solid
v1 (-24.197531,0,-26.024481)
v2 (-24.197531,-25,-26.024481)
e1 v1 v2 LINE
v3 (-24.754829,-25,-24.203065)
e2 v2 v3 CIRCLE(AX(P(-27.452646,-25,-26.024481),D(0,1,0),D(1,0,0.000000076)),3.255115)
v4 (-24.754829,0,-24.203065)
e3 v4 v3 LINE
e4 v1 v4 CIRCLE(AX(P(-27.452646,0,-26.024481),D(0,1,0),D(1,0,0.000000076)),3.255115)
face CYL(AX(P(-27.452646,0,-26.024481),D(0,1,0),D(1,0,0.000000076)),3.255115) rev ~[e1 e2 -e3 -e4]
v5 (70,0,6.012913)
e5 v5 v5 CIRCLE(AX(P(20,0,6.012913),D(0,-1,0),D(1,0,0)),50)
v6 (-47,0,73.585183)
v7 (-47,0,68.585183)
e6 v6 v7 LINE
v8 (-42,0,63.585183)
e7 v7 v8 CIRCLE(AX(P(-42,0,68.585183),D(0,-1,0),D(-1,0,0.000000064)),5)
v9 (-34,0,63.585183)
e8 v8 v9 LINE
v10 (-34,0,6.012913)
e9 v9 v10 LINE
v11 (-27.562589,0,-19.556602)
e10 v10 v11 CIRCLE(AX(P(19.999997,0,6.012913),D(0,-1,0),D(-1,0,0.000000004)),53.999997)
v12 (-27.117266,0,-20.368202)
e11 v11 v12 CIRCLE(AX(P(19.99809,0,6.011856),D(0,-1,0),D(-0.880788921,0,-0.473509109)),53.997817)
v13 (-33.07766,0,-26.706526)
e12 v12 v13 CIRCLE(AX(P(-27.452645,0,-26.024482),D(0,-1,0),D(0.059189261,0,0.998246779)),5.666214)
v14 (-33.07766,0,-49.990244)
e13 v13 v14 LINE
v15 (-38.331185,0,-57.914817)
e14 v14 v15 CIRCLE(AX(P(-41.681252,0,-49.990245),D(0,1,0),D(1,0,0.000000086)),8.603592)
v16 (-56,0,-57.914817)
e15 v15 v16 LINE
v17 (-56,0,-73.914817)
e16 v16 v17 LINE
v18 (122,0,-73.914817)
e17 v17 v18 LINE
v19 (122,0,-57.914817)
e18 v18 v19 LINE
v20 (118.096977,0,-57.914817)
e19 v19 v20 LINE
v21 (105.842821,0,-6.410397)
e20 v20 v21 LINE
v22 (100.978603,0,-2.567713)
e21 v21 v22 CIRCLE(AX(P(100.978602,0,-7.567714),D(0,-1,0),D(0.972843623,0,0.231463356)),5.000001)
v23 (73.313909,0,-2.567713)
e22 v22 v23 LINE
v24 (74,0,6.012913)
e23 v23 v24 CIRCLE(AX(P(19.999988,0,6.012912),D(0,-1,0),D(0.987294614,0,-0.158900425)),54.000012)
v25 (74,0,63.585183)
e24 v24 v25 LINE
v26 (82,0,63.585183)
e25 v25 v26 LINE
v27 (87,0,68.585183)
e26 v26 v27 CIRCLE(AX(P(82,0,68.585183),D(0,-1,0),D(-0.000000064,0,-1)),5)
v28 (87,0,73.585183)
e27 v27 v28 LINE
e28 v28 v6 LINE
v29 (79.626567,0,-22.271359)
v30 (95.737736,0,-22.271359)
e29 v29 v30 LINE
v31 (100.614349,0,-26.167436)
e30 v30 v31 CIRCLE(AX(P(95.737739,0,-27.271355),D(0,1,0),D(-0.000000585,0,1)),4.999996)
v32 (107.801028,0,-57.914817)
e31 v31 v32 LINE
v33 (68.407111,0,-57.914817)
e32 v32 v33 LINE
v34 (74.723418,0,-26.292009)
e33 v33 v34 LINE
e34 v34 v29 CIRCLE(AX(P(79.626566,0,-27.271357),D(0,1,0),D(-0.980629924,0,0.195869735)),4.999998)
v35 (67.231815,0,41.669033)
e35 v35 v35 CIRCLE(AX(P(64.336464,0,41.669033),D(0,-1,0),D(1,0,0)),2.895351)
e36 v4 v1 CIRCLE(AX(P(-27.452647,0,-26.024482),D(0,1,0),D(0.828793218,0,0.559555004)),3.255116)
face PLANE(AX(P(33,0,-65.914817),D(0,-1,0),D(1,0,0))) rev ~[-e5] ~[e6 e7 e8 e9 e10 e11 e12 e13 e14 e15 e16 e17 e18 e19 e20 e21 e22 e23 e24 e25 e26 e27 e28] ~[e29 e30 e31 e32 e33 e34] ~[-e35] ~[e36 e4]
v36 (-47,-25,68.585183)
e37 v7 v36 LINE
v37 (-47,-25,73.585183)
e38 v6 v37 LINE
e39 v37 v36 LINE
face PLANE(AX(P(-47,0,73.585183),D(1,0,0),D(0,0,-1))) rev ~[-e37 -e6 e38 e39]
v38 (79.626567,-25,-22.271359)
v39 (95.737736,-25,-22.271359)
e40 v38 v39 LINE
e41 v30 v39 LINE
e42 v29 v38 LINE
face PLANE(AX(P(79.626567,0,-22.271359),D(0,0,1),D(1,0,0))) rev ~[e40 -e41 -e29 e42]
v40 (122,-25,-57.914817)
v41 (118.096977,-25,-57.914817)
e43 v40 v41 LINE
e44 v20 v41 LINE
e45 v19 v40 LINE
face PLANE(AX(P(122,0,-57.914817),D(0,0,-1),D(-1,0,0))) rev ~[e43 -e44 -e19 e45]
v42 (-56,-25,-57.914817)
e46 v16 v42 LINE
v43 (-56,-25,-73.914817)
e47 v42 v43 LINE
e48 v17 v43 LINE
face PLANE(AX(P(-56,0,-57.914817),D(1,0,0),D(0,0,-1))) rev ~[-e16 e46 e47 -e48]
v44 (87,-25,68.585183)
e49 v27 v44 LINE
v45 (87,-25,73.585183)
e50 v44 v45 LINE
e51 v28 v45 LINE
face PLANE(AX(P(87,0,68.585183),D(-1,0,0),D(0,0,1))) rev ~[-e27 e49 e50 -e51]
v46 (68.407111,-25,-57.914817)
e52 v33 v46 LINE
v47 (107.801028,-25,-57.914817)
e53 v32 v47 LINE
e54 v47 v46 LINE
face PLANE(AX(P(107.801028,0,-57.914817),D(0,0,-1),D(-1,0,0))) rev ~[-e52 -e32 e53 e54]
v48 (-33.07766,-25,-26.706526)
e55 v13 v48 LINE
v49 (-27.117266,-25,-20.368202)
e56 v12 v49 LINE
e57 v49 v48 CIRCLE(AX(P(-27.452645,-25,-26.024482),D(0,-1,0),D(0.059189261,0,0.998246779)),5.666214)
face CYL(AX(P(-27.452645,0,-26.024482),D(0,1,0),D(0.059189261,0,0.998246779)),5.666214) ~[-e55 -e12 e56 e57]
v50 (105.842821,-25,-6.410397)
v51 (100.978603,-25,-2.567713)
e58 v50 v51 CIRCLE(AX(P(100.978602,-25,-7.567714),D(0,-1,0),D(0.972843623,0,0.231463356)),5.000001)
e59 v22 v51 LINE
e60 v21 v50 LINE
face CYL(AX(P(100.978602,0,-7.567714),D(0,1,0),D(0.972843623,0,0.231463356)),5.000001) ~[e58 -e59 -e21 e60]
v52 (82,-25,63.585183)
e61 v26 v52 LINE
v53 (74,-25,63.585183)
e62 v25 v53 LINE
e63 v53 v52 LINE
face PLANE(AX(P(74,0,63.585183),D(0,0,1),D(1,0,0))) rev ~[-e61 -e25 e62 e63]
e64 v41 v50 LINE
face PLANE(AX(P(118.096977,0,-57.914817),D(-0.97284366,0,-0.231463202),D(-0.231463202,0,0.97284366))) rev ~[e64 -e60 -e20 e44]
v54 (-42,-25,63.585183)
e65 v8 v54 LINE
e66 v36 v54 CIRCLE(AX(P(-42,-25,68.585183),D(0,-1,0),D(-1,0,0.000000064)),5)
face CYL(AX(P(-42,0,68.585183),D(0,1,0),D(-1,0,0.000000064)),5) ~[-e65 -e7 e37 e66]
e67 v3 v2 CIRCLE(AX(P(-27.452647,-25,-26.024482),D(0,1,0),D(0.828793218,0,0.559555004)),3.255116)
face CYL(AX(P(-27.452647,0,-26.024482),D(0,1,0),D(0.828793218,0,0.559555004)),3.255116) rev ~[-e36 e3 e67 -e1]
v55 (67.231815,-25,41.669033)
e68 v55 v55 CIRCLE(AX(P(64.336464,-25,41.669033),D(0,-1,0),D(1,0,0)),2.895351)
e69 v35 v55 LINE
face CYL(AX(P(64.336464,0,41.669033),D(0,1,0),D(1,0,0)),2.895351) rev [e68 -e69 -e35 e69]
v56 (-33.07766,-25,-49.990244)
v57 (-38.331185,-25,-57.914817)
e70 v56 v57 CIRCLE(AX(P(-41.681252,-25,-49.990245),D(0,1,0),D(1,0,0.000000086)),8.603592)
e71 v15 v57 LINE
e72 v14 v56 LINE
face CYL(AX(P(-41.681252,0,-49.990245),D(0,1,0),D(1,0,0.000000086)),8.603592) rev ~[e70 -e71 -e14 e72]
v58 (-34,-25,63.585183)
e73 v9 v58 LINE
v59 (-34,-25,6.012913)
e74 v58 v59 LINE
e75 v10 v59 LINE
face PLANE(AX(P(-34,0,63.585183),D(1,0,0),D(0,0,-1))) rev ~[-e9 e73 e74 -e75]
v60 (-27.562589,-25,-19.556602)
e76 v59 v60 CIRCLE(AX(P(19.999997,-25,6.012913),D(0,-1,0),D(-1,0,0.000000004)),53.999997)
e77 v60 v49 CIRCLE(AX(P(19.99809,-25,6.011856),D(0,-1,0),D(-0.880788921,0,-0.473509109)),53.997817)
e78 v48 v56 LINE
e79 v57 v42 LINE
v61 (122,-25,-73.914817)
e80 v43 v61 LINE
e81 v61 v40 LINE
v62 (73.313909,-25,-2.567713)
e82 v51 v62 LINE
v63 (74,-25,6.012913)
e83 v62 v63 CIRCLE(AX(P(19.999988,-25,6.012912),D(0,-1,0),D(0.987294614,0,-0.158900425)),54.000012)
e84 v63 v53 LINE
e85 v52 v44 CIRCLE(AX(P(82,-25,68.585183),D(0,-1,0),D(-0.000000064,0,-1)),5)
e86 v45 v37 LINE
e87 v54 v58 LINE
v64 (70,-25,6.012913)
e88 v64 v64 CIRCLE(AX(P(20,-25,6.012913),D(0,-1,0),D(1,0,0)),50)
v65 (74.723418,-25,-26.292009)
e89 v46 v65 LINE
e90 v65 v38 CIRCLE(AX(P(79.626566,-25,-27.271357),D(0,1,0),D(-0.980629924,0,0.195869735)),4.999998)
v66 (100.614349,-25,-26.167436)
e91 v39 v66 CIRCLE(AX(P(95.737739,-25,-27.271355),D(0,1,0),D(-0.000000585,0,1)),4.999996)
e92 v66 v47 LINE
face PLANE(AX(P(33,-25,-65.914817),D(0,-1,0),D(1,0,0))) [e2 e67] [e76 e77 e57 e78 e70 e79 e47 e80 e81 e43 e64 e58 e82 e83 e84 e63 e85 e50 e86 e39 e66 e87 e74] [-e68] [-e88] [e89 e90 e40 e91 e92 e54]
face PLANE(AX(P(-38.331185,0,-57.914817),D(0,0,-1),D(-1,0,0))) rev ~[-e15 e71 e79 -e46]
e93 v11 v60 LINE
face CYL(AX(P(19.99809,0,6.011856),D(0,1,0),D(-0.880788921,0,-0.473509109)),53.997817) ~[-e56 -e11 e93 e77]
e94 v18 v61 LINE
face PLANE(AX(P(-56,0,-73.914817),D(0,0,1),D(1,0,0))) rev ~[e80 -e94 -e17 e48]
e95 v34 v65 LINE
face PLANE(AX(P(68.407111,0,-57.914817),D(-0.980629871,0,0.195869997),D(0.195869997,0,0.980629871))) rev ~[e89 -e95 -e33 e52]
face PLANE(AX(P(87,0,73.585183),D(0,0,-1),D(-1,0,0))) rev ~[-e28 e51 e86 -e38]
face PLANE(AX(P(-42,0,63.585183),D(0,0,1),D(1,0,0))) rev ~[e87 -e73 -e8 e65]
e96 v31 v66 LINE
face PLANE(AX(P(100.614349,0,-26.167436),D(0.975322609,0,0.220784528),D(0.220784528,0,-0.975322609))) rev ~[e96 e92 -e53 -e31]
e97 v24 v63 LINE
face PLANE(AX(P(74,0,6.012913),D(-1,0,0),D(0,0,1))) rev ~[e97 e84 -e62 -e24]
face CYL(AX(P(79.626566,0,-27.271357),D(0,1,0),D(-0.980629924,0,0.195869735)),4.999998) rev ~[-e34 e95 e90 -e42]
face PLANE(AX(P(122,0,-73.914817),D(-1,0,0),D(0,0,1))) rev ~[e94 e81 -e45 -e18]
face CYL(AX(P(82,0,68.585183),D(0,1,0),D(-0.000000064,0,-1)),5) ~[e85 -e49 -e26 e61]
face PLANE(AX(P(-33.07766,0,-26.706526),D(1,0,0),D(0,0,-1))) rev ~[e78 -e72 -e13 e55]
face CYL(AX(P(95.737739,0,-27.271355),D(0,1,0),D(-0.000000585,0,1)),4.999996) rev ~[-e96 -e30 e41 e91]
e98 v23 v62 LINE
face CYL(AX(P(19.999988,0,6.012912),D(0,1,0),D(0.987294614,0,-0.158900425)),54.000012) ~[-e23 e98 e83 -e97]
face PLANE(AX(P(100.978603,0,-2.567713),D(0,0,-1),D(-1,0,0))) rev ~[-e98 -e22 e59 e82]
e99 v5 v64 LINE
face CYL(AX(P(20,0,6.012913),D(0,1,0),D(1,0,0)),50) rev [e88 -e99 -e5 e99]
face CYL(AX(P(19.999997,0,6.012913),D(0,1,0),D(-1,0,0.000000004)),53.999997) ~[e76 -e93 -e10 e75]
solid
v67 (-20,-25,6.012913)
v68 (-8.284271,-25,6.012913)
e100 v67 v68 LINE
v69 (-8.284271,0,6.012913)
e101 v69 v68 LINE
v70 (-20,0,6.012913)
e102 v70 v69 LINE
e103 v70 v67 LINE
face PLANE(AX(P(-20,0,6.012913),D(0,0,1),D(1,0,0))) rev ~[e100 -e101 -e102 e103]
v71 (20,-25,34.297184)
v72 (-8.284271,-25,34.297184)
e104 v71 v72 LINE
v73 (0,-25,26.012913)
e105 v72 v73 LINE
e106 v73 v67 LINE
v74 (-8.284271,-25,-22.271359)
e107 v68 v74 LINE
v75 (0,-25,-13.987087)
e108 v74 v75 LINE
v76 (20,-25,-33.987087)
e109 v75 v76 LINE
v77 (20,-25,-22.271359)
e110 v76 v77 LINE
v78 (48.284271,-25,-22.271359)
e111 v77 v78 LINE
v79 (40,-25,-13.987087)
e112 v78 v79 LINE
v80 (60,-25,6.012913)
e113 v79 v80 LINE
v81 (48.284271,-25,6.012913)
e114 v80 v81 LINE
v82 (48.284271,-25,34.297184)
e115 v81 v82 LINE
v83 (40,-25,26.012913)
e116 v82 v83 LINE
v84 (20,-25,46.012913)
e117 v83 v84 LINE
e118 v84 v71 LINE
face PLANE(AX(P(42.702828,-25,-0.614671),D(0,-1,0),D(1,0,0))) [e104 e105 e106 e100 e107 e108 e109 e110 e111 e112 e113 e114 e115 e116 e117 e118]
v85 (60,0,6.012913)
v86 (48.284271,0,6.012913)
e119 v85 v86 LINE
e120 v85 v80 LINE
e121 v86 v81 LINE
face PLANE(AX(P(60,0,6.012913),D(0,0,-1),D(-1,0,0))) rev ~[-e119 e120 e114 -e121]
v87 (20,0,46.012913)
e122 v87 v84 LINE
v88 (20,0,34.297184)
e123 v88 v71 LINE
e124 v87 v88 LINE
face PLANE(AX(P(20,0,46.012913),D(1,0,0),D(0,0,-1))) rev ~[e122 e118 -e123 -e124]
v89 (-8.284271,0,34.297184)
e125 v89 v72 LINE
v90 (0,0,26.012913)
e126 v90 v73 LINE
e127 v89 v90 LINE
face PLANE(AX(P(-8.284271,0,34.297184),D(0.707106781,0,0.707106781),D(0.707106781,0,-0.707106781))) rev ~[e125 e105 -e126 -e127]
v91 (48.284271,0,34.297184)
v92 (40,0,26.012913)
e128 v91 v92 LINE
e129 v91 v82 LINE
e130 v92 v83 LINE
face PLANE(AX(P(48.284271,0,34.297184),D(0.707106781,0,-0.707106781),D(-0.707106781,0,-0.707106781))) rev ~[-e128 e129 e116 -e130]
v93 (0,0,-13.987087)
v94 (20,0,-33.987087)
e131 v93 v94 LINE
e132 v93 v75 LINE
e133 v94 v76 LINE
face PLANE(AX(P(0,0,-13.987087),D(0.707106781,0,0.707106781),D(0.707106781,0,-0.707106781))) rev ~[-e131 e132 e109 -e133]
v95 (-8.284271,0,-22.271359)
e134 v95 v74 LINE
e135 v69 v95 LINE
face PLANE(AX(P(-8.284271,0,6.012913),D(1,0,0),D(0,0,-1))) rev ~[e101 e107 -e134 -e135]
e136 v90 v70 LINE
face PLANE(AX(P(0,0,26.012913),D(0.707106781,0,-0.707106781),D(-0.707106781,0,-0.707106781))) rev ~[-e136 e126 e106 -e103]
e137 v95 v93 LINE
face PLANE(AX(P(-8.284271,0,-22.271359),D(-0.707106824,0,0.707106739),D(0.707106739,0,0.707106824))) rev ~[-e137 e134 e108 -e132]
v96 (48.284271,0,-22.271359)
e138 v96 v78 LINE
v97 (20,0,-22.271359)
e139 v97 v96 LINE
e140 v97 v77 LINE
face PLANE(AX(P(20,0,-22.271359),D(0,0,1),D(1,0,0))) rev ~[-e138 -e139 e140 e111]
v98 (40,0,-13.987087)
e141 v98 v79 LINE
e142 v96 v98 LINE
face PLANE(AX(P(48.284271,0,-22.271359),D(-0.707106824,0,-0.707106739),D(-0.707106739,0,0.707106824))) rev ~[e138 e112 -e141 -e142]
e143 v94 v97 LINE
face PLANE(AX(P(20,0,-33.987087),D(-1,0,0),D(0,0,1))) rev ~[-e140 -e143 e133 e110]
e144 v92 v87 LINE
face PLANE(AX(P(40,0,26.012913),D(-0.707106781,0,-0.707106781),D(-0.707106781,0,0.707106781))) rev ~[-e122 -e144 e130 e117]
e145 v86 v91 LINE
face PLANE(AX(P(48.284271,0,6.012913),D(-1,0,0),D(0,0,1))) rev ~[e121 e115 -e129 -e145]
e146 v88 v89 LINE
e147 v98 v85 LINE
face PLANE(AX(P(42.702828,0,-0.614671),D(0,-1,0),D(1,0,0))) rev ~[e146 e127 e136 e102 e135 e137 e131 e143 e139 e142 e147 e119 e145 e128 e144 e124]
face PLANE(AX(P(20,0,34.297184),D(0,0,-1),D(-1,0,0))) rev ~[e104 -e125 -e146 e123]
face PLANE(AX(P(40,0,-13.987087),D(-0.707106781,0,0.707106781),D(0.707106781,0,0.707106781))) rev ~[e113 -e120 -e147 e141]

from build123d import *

# Parameters (mm, degrees)
F0_R     = 50
F0_R_2   = 2.895351
F1_DEPTH = 25


with BuildPart() as f1:
    # F0 (on Front) → F1 (new body)
    with BuildSketch(Plane.XZ):
        Polygon((-56, -57.914817), (-56, -73.914817), (122, -73.914817), (122, -57.914817), (118.096977, -57.914817), (107.801028, -57.914817), (68.407111, -57.914817), (40, -57.914817), (20, -57.914817), (0, -57.914817), (-38.331185, -57.914817), align=None)
        with BuildLine():
            ThreePointArc((-33.07766, -49.990244), (-34.510324, -54.744147), (-38.331185, -57.914817))
            Line((-38.331185, -57.914817), (0, -57.914817))
            Line((0, -57.914817), (0, -44.146832))
            ThreePointArc((0, -44.146832), (-8.263853, -39.999636), (-15.699073, -34.503456))
            ThreePointArc((-15.699073, -34.503456), (-19.033027, -31.302269), (-22.081022, -27.827708))
            ThreePointArc((-22.081022, -27.827708), (-28.027375, -31.661471), (-33.07766, -26.706526))
            Line((-33.07766, -26.706526), (-33.07766, -49.990244))
        make_face()
        with BuildLine():
            Line((107.801028, -57.914817), (118.096977, -57.914817))
            Line((118.096977, -57.914817), (105.842821, -6.410397))
            ThreePointArc((105.842821, -6.410397), (104.078072, -3.644285), (100.978603, -2.567713))
            Line((100.978603, -2.567713), (73.313909, -2.567713))
            ThreePointArc((73.313909, -2.567713), (62.14188, -27.75189), (40, -44.146832))
            Line((40, -44.146832), (40, -57.914817))
            Line((40, -57.914817), (68.407111, -57.914817))
            Line((68.407111, -57.914817), (74.723418, -26.292009))
            ThreePointArc((74.723418, -26.292009), (76.456137, -23.405046), (79.626567, -22.271359))
            Line((79.626567, -22.271359), (95.737736, -22.271359))
            ThreePointArc((95.737736, -22.271359), (98.858665, -23.364978), (100.614349, -26.167436))
            Line((100.614349, -26.167436), (107.801028, -57.914817))
        make_face()
        with BuildLine():
            ThreePointArc((-15.699073, -34.503456), (-8.263853, -39.999636), (0, -44.146832))
            ThreePointArc((0, -44.146832), (9.817324, -47.018334), (20, -47.987087))
            ThreePointArc((20, -47.987087), (30.182676, -47.018334), (40, -44.146832))
            ThreePointArc((40, -44.146832), (62.14188, -27.75189), (73.313909, -2.567713))
            ThreePointArc((73.313909, -2.567713), (73.828204, 1.708907), (74, 6.012913))
            ThreePointArc((74, 6.012913), (72.226052, 19.740238), (67.020761, 32.565654))
            ThreePointArc((67.020761, 32.565654), (65.841708, 34.553022), (64.578709, 36.488127))
            ThreePointArc((64.578709, 36.488127), (68.378165, 44.919437), (59.328114, 43.016959))
            ThreePointArc((59.328114, 43.016959), (57.946094, 44.43288), (56.513131, 45.797222))
            ThreePointArc((56.513131, 45.797222), (-1.728909, 55.44827), (-34, 6.012913))
            ThreePointArc((-34, 6.012913), (-32.365923, -7.170793), (-27.562589, -19.556602))
            ThreePointArc((-27.562589, -19.556602), (-27.341667, -19.963356), (-27.117266, -20.368202))
            ThreePointArc((-27.117266, -20.368202), (-25.976048, -22.310276), (-24.754829, -24.203065))
            ThreePointArc((-24.754829, -24.203065), (-23.455733, -26.043276), (-22.081022, -27.827708))
            ThreePointArc((-22.081022, -27.827708), (-19.033027, -31.302269), (-15.699073, -34.503456))
        make_face()
        with Locations((20, 6.012913)):
            Circle(F0_R, mode=Mode.SUBTRACT)
        with Locations((64.336464, 41.669033)):
            Circle(F0_R_2, mode=Mode.SUBTRACT)
        with BuildLine():
            ThreePointArc((-27.117266, -20.368202), (-31.580435, -22.142816), (-33.07766, -26.706526))
            ThreePointArc((-33.07766, -26.706526), (-28.027375, -31.661471), (-22.081022, -27.827708))
            ThreePointArc((-22.081022, -27.827708), (-23.455733, -26.043276), (-24.754829, -24.203065))
            ThreePointArc((-24.754829, -24.203065), (-25.976048, -22.310276), (-27.117266, -20.368202))
        make_face()
        with BuildLine():
            ThreePointArc((-24.197531, -26.024481), (-30.56532, -26.976865), (-24.754829, -24.203065))
            ThreePointArc((-24.754829, -24.203065), (-24.339972, -25.072098), (-24.197531, -26.024481))
        make_face(mode=Mode.SUBTRACT)
        with BuildLine():
            ThreePointArc((67.020761, 32.565654), (72.226052, 19.740238), (74, 6.012913))
            Line((74, 6.012913), (74, 63.585183))
            Line((74, 63.585183), (-34, 63.585183))
            Line((-34, 63.585183), (-34, 6.012913))
            ThreePointArc((-34, 6.012913), (-1.728909, 55.44827), (56.513131, 45.797222))
            ThreePointArc((56.513131, 45.797222), (57.946094, 44.43288), (59.328114, 43.016959))
            ThreePointArc((59.328114, 43.016959), (68.378165, 44.919437), (64.578709, 36.488127))
            ThreePointArc((64.578709, 36.488127), (65.841708, 34.553022), (67.020761, 32.565654))
        make_face()
        with BuildLine():
            Line((-34, 63.585183), (74, 63.585183))
            Line((74, 63.585183), (82, 63.585183))
            ThreePointArc((82, 63.585183), (85.535534, 65.049649), (87, 68.585183))
            Line((87, 68.585183), (87, 73.585183))
            Line((87, 73.585183), (20, 73.585183))
            Line((20, 73.585183), (-47, 73.585183))
            Line((-47, 73.585183), (-47, 68.585183))
            ThreePointArc((-47, 68.585183), (-45.535534, 65.049649), (-42, 63.585183))
            Line((-42, 63.585183), (-34, 63.585183))
        make_face()
        with BuildLine():
            Line((48.284271, 6.012913), (30, 6.012913))
            ThreePointArc((30, 6.012913), (29.238795, 2.186078), (27.071068, -1.058155))
            Line((27.071068, -1.058155), (40, -13.987087))
            Line((40, -13.987087), (60, 6.012913))
            Line((60, 6.012913), (48.284271, 6.012913))
        make_face()
        with BuildLine():
            Line((40, -13.987087), (27.071068, -1.058155))
            ThreePointArc((27.071068, -1.058155), (23.826834, -3.225883), (20, -3.987087))
            Line((20, -3.987087), (20, -22.271359))
            Line((20, -22.271359), (48.284271, -22.271359))
            Line((48.284271, -22.271359), (40, -13.987087))
        make_face()
        with BuildLine():
            Line((20, -22.271359), (20, -3.987087))
            ThreePointArc((20, -3.987087), (16.173166, -3.225883), (12.928932, -1.058155))
            Line((12.928932, -1.058155), (0, -13.987087))
            Line((0, -13.987087), (20, -33.987087))
            Line((20, -33.987087), (20, -22.271359))
        make_face()
        with BuildLine():
            Line((0, -13.987087), (12.928932, -1.058155))
            ThreePointArc((12.928932, -1.058155), (10.761205, 2.186078), (10, 6.012913))
            Line((10, 6.012913), (-8.284271, 6.012913))
            Line((-8.284271, 6.012913), (-8.284271, -22.271359))
            Line((-8.284271, -22.271359), (0, -13.987087))
        make_face()
        with BuildLine():
            ThreePointArc((10, 6.012913), (10.761205, 9.839747), (12.928932, 13.083981))
            Line((12.928932, 13.083981), (0, 26.012913))
            Line((0, 26.012913), (-20, 6.012913))
            Line((-20, 6.012913), (-8.284271, 6.012913))
            Line((-8.284271, 6.012913), (10, 6.012913))
        make_face()
        with BuildLine():
            ThreePointArc((12.928932, 13.083981), (16.173166, 15.251708), (20, 16.012913))
            Line((20, 16.012913), (20, 34.297184))
            Line((20, 34.297184), (-8.284271, 34.297184))
            Line((-8.284271, 34.297184), (0, 26.012913))
            Line((0, 26.012913), (12.928932, 13.083981))
        make_face()
        with BuildLine():
            ThreePointArc((20, 16.012913), (23.826834, 15.251708), (27.071068, 13.083981))
            Line((27.071068, 13.083981), (40, 26.012913))
            Line((40, 26.012913), (20, 46.012913))
            Line((20, 46.012913), (20, 34.297184))
            Line((20, 34.297184), (20, 16.012913))
        make_face()
        with BuildLine():
            ThreePointArc((27.071068, 13.083981), (29.238795, 9.839747), (30, 6.012913))
            Line((30, 6.012913), (48.284271, 6.012913))
            Line((48.284271, 6.012913), (48.284271, 34.297184))
            Line((48.284271, 34.297184), (40, 26.012913))
            Line((40, 26.012913), (27.071068, 13.083981))
        make_face()
        with BuildLine():
            ThreePointArc((27.071068, -1.058155), (29.238795, 2.186078), (30, 6.012913))
            ThreePointArc((30, 6.012913), (29.238795, 9.839747), (27.071068, 13.083981))
            ThreePointArc((27.071068, 13.083981), (23.826834, 15.251708), (20, 16.012913))
            ThreePointArc((20, 16.012913), (16.173166, 15.251708), (12.928932, 13.083981))
            ThreePointArc((12.928932, 13.083981), (10.761205, 9.839747), (10, 6.012913))
            ThreePointArc((10, 6.012913), (10.761205, 2.186078), (12.928932, -1.058155))
            ThreePointArc((12.928932, -1.058155), (16.173166, -3.225883), (20, -3.987087))
            ThreePointArc((20, -3.987087), (23.826834, -3.225883), (27.071068, -1.058155))
        make_face()
        with BuildLine():
            Line((0, -44.146832), (0, -57.914817))
            Line((0, -57.914817), (20, -57.914817))
            Line((20, -57.914817), (20, -47.987087))
            ThreePointArc((20, -47.987087), (9.817324, -47.018334), (0, -44.146832))
        make_face()
        with BuildLine():
            Line((20, -47.987087), (20, -57.914817))
            Line((20, -57.914817), (40, -57.914817))
            Line((40, -57.914817), (40, -44.146832))
            ThreePointArc((40, -44.146832), (30.182676, -47.018334), (20, -47.987087))
        make_face()
    extrude(amount=F1_DEPTH)


solid = f1.part
